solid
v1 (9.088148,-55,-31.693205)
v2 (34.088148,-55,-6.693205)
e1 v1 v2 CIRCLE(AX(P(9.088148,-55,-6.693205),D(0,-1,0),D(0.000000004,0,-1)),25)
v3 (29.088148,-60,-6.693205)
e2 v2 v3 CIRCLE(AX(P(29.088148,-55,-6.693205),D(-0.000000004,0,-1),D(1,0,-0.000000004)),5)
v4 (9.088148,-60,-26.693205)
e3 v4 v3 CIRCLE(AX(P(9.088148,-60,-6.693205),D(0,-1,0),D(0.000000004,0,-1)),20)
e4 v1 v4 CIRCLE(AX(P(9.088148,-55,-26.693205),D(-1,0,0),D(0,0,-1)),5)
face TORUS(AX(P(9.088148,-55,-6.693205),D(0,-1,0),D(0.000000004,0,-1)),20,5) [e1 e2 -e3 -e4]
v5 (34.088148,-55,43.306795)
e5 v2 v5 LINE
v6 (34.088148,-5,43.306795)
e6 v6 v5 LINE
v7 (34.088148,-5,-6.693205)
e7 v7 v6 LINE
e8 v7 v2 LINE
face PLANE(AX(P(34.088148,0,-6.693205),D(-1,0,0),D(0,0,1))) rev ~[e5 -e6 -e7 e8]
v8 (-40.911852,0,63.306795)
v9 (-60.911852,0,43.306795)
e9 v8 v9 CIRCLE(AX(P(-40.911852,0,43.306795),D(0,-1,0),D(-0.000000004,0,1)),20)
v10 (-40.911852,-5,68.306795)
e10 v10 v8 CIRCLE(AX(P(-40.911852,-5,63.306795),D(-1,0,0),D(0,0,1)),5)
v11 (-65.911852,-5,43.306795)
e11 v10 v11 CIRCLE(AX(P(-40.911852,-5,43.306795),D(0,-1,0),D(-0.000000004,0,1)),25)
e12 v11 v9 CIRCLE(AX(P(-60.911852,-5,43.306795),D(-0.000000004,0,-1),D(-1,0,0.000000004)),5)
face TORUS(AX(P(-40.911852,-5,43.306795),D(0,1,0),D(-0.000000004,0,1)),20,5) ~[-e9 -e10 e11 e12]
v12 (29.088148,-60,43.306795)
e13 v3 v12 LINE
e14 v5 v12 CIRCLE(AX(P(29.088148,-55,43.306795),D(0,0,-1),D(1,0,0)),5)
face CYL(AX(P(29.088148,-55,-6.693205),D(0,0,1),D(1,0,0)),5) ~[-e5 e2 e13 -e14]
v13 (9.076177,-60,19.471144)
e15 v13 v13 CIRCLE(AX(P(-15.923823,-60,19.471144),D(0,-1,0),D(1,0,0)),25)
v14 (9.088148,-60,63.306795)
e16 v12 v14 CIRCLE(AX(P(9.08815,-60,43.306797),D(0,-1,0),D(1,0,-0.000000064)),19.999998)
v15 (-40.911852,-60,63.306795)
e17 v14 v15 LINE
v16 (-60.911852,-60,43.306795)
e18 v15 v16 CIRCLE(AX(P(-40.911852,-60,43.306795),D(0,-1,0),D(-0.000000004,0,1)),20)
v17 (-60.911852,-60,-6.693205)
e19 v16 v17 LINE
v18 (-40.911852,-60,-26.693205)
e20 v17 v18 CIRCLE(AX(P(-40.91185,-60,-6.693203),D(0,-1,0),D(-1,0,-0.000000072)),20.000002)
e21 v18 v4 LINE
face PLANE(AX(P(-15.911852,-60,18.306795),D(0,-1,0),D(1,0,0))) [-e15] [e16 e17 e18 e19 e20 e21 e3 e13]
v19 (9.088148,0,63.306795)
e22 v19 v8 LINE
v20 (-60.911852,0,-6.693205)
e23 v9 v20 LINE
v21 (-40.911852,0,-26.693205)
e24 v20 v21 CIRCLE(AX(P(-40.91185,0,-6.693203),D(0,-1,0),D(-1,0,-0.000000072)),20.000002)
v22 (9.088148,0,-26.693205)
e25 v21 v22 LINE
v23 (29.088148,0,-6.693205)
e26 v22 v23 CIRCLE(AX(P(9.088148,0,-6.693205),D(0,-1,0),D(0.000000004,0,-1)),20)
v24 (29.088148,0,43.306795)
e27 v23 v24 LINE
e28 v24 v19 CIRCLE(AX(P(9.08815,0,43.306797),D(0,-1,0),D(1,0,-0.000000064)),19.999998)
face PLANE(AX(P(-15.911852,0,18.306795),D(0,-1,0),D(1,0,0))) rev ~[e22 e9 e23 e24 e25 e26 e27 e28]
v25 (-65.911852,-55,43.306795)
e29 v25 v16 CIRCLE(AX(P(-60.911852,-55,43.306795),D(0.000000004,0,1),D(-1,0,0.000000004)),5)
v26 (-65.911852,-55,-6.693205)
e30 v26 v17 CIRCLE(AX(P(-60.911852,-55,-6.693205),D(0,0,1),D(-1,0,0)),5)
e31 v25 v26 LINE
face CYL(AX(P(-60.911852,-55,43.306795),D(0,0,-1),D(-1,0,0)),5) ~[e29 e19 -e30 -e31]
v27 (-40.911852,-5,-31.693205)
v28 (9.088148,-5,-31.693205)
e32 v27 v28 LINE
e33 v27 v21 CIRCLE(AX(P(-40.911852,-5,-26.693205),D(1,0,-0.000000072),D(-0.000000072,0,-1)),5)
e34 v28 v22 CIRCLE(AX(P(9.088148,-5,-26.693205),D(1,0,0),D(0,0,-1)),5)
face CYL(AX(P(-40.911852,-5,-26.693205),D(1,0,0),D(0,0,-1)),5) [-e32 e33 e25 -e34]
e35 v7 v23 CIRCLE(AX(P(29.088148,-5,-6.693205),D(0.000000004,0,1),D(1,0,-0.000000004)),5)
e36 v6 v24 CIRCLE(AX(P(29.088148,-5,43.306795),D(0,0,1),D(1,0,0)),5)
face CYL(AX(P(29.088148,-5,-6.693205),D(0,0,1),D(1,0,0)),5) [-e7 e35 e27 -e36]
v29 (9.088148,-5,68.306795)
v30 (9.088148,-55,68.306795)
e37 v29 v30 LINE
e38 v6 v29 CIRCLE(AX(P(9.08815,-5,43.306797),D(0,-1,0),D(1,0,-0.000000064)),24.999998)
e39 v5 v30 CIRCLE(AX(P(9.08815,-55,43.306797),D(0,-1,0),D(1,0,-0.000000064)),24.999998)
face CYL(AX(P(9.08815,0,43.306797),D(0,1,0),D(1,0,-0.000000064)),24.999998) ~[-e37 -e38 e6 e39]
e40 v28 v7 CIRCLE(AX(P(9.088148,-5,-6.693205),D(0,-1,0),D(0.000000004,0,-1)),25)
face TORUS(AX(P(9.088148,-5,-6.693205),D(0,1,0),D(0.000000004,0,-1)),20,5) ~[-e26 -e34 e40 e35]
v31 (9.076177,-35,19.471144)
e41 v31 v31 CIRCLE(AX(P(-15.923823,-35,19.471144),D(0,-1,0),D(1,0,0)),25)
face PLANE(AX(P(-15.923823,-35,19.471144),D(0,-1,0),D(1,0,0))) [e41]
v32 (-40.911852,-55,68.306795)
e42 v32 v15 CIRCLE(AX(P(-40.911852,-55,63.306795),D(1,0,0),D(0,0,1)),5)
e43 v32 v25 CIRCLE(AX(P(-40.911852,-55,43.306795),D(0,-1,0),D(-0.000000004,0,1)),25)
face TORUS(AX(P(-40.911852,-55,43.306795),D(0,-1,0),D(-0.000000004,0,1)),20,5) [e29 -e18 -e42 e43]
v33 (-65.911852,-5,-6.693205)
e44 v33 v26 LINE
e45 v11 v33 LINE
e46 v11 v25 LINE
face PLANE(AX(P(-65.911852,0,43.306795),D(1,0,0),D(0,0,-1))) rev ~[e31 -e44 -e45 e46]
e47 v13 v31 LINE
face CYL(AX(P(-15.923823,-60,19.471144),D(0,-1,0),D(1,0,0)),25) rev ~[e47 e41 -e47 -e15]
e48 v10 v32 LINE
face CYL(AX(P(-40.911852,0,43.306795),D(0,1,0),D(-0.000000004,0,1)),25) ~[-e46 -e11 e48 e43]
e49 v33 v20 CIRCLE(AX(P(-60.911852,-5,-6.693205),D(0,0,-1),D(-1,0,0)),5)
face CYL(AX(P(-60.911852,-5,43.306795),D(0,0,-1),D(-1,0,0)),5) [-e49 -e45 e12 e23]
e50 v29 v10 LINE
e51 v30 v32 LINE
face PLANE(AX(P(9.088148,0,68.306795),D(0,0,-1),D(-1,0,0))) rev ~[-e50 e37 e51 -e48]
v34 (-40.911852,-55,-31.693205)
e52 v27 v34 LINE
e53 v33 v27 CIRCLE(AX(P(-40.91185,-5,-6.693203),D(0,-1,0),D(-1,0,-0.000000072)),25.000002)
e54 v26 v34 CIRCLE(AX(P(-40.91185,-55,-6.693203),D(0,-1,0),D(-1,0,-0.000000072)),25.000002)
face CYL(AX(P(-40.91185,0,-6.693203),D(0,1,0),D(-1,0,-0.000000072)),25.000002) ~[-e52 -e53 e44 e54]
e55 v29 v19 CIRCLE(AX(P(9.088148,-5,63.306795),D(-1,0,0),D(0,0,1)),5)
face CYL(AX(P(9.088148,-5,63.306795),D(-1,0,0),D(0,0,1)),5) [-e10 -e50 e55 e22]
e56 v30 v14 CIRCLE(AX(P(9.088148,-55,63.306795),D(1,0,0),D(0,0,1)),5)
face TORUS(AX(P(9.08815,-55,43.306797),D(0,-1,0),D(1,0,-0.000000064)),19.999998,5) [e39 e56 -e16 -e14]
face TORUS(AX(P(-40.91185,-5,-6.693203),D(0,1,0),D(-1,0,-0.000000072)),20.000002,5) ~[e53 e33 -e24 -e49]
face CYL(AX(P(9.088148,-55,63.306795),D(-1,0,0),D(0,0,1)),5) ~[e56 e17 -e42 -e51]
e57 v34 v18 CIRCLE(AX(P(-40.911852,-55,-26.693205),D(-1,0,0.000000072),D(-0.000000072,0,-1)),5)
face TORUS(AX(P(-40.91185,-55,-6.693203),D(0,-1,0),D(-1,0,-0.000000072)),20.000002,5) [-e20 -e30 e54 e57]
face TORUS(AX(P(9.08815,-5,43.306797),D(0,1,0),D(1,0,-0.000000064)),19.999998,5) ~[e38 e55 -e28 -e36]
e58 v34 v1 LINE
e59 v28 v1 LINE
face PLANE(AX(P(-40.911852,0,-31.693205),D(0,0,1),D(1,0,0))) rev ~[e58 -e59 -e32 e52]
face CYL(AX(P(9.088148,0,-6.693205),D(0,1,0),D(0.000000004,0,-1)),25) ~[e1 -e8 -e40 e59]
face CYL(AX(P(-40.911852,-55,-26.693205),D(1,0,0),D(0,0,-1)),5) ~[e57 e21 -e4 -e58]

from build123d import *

# Parameters (mm, degrees)
F1_DEPTH = 60
F2_R     = 5
F3_R     = 25
F4_DEPTH = 25


with BuildPart() as f1:
    # F0 (on Front) → F1 (new body)
    with BuildSketch(Plane.XZ):
        with BuildLine():
            Line((9.088148, 68.306795), (-40.911852, 68.306795))
            ThreePointArc((-40.911852, 68.306795), (-58.589521, 60.984465), (-65.911852, 43.306795))
            Line((-65.911852, 43.306795), (-65.911852, -6.693205))
            ThreePointArc((-65.911852, -6.693205), (-58.589521, -24.370874), (-40.911852, -31.693205))
            Line((-40.911852, -31.693205), (9.088148, -31.693205))
            ThreePointArc((9.088148, -31.693205), (26.765818, -24.370874), (34.088148, -6.693205))
            Line((34.088148, -6.693205), (34.088148, 43.306795))
            ThreePointArc((34.088148, 43.306795), (26.765818, 60.984465), (9.088148, 68.306795))
        make_face()
    extrude(amount=F1_DEPTH)

    # F2
    f2_edges = [f1.edges().sort_by_distance(p)[0] for p in [
        (-15.911852, -60, 68.306795),
        (-58.589521, -60, 60.984465),
        (-65.911852, -60, 18.306795),
        (-58.589521, -60, -24.370874),
        (-15.911852, -60, -31.693205),
        (26.765818, -60, -24.370874),
        (34.088148, -60, 18.306795),
        (26.765818, -60, 60.984465),
        (-15.911852, 0, 68.306795),
        (-58.589521, 0, 60.984465),
        (-65.911852, 0, 18.306795),
        (-58.589521, 0, -24.370874),
        (-15.911852, 0, -31.693205),
        (26.765818, 0, -24.370874),
        (34.088148, 0, 18.306795),
        (26.765818, 0, 60.984465),
    ]]
    fillet(f2_edges, radius=F2_R)

    # F3 (on face) → F4 (cut)
    with BuildSketch(Plane.XZ.offset(60)):
        with Locations((-15.923823, 19.471144)):
            Circle(F3_R)
    extrude(amount=-F4_DEPTH, mode=Mode.SUBTRACT)


solid = f1.part
